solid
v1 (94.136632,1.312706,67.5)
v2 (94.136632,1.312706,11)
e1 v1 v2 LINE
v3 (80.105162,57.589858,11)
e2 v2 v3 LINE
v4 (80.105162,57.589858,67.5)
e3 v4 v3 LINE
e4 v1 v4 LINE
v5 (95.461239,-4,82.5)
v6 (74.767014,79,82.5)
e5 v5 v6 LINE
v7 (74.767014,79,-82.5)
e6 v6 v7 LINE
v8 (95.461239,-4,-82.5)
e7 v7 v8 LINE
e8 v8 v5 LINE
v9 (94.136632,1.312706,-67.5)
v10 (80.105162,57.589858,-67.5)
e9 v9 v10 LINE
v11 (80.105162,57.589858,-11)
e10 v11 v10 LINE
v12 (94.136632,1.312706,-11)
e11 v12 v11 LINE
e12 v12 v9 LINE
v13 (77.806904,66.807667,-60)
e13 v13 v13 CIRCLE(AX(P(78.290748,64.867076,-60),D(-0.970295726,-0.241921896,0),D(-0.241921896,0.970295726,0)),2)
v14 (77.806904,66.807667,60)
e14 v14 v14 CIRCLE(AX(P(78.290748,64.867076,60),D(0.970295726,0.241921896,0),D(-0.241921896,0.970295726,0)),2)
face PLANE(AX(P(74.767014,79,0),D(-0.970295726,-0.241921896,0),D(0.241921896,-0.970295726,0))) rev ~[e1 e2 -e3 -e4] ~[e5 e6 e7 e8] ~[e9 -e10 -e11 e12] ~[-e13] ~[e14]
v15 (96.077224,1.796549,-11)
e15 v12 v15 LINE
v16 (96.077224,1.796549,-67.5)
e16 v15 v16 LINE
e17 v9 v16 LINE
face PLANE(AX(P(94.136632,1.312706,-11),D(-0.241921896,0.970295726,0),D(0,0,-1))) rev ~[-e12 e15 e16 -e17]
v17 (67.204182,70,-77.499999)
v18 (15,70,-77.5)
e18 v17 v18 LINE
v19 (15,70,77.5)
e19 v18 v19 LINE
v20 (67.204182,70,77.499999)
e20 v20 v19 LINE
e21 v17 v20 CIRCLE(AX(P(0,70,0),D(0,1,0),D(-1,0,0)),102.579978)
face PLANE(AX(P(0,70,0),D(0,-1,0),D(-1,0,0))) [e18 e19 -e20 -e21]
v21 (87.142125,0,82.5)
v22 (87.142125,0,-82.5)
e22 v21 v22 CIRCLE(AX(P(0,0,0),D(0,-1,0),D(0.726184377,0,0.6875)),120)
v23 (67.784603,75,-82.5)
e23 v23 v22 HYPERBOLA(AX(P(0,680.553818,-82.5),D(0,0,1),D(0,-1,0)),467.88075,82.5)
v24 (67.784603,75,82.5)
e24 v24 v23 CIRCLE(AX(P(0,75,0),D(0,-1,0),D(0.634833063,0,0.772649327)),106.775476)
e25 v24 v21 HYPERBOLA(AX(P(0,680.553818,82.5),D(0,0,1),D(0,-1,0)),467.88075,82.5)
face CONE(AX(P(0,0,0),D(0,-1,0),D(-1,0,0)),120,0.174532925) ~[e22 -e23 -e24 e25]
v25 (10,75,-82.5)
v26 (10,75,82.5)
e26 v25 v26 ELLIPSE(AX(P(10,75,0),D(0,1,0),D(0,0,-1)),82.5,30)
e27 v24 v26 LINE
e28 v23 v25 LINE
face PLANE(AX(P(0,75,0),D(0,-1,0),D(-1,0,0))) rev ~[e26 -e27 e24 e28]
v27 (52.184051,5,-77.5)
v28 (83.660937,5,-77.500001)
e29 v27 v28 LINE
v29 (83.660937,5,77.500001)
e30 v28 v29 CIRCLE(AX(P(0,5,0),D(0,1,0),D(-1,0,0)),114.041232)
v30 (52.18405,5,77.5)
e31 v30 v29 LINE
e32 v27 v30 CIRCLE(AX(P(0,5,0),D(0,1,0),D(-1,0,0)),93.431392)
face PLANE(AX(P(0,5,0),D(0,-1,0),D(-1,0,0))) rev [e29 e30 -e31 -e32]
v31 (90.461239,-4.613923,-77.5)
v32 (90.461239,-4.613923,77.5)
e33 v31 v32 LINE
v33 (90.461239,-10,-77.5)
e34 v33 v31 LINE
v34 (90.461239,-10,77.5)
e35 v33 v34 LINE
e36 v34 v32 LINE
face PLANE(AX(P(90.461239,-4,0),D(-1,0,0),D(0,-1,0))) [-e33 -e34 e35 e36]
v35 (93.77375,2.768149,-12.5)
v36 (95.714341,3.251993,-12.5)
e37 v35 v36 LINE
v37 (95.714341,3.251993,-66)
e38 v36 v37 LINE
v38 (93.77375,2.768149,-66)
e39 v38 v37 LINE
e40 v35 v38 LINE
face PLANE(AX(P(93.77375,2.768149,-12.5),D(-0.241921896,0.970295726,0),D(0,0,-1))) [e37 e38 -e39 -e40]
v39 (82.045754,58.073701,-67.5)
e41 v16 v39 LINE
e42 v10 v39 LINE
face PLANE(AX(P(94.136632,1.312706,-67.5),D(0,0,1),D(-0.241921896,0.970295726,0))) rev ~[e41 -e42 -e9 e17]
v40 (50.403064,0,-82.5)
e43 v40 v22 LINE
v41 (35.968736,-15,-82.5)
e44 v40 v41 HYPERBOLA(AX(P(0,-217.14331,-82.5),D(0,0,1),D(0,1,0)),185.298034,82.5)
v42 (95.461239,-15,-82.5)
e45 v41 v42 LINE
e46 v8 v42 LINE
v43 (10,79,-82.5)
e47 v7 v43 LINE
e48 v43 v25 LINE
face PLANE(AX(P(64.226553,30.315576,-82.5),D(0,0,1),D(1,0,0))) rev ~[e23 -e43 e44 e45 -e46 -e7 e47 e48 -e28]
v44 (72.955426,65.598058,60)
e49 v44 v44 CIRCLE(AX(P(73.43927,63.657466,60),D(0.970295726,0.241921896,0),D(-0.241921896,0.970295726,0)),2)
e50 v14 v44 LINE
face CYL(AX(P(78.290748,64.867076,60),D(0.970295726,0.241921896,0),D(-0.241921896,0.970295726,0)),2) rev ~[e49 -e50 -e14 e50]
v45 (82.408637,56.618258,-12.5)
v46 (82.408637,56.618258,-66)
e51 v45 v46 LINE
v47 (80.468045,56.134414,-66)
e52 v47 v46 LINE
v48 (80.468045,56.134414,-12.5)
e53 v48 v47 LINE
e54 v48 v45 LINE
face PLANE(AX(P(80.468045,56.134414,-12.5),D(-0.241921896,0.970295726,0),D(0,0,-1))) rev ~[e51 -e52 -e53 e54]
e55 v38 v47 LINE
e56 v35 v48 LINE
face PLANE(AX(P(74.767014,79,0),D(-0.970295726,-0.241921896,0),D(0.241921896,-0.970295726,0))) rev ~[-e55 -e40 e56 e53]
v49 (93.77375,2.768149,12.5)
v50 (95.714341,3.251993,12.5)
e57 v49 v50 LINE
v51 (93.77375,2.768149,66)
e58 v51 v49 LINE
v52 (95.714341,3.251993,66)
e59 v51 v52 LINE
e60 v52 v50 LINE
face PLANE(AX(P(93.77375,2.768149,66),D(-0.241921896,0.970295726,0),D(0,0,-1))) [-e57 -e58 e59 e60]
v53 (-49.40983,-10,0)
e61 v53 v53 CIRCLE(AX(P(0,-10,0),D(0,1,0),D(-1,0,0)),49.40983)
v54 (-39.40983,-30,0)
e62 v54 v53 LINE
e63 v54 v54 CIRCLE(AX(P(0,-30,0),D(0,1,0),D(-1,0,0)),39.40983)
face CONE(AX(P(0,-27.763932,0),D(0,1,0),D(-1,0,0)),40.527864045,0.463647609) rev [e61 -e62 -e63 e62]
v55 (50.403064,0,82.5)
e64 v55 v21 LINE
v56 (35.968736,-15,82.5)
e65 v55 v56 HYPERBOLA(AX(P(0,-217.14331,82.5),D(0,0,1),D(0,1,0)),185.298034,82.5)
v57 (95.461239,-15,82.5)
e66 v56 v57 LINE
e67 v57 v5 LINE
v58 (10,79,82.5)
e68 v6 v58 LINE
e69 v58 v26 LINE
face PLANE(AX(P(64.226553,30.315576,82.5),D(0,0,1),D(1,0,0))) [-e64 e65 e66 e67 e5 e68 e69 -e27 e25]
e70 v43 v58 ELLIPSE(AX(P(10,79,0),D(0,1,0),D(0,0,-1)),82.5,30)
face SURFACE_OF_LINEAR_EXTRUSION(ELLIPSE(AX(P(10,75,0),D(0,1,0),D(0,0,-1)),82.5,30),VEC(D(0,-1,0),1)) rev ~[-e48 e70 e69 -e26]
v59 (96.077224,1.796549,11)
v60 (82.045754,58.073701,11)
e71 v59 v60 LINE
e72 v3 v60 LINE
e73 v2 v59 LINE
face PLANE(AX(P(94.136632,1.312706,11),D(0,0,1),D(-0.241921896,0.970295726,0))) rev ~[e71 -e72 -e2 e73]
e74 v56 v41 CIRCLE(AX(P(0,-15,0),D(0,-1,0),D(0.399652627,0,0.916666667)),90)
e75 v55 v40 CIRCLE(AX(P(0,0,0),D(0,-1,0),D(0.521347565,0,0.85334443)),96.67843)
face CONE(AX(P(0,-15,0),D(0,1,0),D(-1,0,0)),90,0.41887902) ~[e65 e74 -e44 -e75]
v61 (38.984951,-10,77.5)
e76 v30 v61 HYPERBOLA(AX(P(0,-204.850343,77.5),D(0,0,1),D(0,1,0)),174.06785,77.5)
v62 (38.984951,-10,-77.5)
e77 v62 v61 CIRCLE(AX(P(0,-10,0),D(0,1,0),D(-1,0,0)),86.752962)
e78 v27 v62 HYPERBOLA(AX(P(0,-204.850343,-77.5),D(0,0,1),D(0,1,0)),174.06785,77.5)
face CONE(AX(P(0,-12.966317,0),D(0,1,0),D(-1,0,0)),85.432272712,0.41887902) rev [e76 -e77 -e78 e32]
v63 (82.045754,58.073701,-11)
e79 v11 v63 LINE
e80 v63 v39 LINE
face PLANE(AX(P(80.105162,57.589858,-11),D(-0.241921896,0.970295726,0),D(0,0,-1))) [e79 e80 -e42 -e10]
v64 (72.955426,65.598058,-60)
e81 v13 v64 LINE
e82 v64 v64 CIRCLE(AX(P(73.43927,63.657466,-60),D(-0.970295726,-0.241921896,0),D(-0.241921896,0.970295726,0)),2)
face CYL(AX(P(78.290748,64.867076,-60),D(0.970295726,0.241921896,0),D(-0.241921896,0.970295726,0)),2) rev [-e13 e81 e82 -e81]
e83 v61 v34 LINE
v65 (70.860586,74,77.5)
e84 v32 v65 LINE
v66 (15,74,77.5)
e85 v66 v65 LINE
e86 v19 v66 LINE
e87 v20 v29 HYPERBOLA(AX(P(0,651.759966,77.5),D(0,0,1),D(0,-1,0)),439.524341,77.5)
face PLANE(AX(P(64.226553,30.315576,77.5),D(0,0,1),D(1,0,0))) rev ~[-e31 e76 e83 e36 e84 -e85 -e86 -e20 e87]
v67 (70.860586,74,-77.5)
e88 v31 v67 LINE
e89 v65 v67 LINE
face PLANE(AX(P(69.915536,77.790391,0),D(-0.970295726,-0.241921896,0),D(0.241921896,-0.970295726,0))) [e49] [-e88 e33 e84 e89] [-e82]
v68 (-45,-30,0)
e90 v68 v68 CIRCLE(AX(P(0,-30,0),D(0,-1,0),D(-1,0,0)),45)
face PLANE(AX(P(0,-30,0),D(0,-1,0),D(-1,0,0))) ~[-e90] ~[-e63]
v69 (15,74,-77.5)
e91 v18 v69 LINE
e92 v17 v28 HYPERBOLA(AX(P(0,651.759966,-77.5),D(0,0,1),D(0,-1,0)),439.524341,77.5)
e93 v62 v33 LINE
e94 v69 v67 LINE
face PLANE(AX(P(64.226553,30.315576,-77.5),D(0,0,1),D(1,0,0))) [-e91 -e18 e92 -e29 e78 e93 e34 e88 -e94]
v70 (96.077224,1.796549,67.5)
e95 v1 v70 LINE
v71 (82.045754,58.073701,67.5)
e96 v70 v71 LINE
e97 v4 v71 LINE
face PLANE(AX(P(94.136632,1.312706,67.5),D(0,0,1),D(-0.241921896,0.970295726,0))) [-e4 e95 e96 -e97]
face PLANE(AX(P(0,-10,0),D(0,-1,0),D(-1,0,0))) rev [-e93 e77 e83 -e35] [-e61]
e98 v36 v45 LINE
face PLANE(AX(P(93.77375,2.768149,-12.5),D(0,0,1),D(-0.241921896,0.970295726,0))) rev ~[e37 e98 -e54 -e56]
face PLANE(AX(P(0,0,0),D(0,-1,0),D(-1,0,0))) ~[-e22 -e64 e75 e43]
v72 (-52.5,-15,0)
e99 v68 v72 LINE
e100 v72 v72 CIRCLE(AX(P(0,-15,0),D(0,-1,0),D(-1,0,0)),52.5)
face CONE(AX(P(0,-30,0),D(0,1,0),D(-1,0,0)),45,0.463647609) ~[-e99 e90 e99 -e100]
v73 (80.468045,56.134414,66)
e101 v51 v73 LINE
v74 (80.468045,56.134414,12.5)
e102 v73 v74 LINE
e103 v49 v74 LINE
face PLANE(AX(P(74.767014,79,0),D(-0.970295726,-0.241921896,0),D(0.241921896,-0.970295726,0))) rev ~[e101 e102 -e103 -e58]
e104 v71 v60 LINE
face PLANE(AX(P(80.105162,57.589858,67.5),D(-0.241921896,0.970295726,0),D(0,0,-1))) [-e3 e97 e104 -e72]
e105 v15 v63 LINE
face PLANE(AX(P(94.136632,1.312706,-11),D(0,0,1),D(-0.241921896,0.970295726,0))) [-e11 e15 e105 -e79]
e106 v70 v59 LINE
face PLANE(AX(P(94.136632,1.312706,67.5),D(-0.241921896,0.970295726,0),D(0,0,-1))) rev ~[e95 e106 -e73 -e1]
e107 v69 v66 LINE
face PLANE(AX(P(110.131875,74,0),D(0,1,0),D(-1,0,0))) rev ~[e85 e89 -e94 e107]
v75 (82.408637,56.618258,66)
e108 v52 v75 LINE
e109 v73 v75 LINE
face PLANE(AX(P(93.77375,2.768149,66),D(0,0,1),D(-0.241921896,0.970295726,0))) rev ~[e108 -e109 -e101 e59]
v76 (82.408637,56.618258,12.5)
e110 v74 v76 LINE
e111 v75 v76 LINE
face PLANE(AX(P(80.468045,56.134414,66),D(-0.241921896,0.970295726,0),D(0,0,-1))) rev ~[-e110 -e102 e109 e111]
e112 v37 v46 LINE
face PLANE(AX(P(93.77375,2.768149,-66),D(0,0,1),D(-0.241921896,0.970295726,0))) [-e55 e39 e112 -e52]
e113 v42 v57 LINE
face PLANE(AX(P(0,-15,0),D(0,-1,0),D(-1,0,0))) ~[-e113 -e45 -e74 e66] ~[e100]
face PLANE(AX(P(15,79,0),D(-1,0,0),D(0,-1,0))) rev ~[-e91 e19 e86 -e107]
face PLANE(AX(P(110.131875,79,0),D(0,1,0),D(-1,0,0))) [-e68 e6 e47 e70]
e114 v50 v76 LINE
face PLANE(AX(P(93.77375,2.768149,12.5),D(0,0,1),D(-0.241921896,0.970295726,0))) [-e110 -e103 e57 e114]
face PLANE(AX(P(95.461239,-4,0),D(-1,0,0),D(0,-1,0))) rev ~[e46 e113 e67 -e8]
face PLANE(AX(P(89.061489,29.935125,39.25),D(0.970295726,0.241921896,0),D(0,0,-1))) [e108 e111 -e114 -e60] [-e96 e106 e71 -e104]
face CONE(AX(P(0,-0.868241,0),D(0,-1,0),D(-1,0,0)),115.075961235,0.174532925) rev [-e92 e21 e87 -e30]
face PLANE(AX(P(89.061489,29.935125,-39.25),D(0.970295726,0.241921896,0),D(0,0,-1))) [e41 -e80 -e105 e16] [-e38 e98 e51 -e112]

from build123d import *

# Parameters (mm, degrees)
BOSS_EXTRUDE6_DEPTH     = 165
CUT_EXTRUDE3_DEPTH      = 381.566986876
CUT_EXTRUDE3_DEPTH_BACK = 381.566986876
SHELL1_T                = -10
SKETCH8_W               = 113
SKETCH8_H               = 116
SKETCH8_W_2             = 107
SKETCH8_H_2             = 110
BOSS_EXTRUDE5_DEPTH     = 4
SKETCH4_RX              = 165
SKETCH4_RY              = 60
BOSS_EXTRUDE7_DEPTH     = 8
SKETCH9_R               = 4
CUT_EXTRUDE4_DEPTH      = 10
SCALE1_SCALE            = 0.5


with BuildPart() as part:
    # Sketch1 → Revolve1 (revolve)
    with BuildSketch(Plane.XY, mode=Mode.PRIVATE) as revolve1_sk:
        Polygon((240, 0), (213.550952894, 150), (0, 150), (0, 0), (0, -30), (180, -30), (193.356860559, 0), align=None)
    revolve(revolve1_sk.sketch.rotate(Axis((0, 150, 0), (0, -1, 0)), 180), axis=Axis((0, 150, 0), (0, -1, 0)))

    # Sketch2 → Boss-Extrude6 (add, symmetric)
    with BuildSketch(Plane.XY):
        Polygon((20, -30), (144.519146375, -30), (249.534028741, -30), (249.534028741, -8), (220.263749943, 158), (20, 158), align=None)
    extrude(amount=BOSS_EXTRUDE6_DEPTH, both=True)

    # Sketch5 → Revolve3 (revolve)
    with BuildSketch(Plane.XY, mode=Mode.PRIVATE) as revolve3_sk:
        Polygon((0, -30), (0, -60), (90, -60), (105, -30), align=None)
    revolve(revolve3_sk.sketch.rotate(Axis((0, -30, 0), (0, -1, 0)), 180), axis=Axis((0, -30, 0), (0, -1, 0)))

    # Sketch7 → Cut-Extrude3 (cut, two sides)
    with BuildSketch(Plane.XY) as cut_extrude3_sk:
        Polygon((149.534028741, 158), (190.922477213, -8), (190.922477213, -30), (249.534028741, -30), (249.534028741, 158), align=None)
    extrude(amount=CUT_EXTRUDE3_DEPTH, mode=Mode.SUBTRACT)
    extrude(cut_extrude3_sk.sketch, amount=-CUT_EXTRUDE3_DEPTH_BACK, mode=Mode.SUBTRACT)

    # Shell1
    shell1_openings = [part.faces().sort_by_distance(p)[0] for p in [
        (0, -60, 0),
    ]]
    offset(amount=SHELL1_T, openings=shell1_openings, kind=Kind.INTERSECTION)

    # Sketch8 → Boss-Extrude5 (add)
    with BuildSketch(Plane(origin=(177.870623194, 44.348127245, 0), x_dir=(0, 0, -1), z_dir=(0.9702957262759971, 0.24192189559966487, 0))):
        with Locations((-78.5, 15)):
            Rectangle(SKETCH8_W, SKETCH8_H)
        with Locations((-78.5, 15)):
            Rectangle(SKETCH8_W_2, SKETCH8_H_2, mode=Mode.SUBTRACT)
        with Locations((78.5, 15)):
            Rectangle(SKETCH8_W, SKETCH8_H)
        with Locations((78.5, 15)):
            Rectangle(SKETCH8_W_2, SKETCH8_H_2, mode=Mode.SUBTRACT)
    extrude(amount=BOSS_EXTRUDE5_DEPTH)

    # Sketch4 → Boss-Extrude7 (add)
    with BuildSketch(Plane(origin=(0, 150, 0), x_dir=(1, 0, 0), z_dir=(0, 1, 0))):
        with Locations(Location((20, 0), (0, 0, 90))):
            Ellipse(SKETCH4_RX, SKETCH4_RY)
    extrude(amount=BOSS_EXTRUDE7_DEPTH)

    # Sketch9 → Cut-Extrude4 (cut)
    with BuildSketch(Plane(origin=(177.870623194, 44.348127245, 0), x_dir=(0, 0, -1), z_dir=(0.9702957262759971, 0.24192189559966487, 0))):
        with Locations(Location((-120, 88, 0), (0, 0, 90))):
            Circle(SKETCH9_R)
    cut_extrude4 = extrude(amount=-CUT_EXTRUDE4_DEPTH, mode=Mode.SUBTRACT)

    # Mirror1: Cut-Extrude4 across plane
    add(cut_extrude4.mirror(Plane.XY), mode=Mode.SUBTRACT)


with BuildPart() as part_1:
    # Scale1: scaled about (0, 0, 0)
    add(part.part.scale(SCALE1_SCALE))


solid = part_1.part
